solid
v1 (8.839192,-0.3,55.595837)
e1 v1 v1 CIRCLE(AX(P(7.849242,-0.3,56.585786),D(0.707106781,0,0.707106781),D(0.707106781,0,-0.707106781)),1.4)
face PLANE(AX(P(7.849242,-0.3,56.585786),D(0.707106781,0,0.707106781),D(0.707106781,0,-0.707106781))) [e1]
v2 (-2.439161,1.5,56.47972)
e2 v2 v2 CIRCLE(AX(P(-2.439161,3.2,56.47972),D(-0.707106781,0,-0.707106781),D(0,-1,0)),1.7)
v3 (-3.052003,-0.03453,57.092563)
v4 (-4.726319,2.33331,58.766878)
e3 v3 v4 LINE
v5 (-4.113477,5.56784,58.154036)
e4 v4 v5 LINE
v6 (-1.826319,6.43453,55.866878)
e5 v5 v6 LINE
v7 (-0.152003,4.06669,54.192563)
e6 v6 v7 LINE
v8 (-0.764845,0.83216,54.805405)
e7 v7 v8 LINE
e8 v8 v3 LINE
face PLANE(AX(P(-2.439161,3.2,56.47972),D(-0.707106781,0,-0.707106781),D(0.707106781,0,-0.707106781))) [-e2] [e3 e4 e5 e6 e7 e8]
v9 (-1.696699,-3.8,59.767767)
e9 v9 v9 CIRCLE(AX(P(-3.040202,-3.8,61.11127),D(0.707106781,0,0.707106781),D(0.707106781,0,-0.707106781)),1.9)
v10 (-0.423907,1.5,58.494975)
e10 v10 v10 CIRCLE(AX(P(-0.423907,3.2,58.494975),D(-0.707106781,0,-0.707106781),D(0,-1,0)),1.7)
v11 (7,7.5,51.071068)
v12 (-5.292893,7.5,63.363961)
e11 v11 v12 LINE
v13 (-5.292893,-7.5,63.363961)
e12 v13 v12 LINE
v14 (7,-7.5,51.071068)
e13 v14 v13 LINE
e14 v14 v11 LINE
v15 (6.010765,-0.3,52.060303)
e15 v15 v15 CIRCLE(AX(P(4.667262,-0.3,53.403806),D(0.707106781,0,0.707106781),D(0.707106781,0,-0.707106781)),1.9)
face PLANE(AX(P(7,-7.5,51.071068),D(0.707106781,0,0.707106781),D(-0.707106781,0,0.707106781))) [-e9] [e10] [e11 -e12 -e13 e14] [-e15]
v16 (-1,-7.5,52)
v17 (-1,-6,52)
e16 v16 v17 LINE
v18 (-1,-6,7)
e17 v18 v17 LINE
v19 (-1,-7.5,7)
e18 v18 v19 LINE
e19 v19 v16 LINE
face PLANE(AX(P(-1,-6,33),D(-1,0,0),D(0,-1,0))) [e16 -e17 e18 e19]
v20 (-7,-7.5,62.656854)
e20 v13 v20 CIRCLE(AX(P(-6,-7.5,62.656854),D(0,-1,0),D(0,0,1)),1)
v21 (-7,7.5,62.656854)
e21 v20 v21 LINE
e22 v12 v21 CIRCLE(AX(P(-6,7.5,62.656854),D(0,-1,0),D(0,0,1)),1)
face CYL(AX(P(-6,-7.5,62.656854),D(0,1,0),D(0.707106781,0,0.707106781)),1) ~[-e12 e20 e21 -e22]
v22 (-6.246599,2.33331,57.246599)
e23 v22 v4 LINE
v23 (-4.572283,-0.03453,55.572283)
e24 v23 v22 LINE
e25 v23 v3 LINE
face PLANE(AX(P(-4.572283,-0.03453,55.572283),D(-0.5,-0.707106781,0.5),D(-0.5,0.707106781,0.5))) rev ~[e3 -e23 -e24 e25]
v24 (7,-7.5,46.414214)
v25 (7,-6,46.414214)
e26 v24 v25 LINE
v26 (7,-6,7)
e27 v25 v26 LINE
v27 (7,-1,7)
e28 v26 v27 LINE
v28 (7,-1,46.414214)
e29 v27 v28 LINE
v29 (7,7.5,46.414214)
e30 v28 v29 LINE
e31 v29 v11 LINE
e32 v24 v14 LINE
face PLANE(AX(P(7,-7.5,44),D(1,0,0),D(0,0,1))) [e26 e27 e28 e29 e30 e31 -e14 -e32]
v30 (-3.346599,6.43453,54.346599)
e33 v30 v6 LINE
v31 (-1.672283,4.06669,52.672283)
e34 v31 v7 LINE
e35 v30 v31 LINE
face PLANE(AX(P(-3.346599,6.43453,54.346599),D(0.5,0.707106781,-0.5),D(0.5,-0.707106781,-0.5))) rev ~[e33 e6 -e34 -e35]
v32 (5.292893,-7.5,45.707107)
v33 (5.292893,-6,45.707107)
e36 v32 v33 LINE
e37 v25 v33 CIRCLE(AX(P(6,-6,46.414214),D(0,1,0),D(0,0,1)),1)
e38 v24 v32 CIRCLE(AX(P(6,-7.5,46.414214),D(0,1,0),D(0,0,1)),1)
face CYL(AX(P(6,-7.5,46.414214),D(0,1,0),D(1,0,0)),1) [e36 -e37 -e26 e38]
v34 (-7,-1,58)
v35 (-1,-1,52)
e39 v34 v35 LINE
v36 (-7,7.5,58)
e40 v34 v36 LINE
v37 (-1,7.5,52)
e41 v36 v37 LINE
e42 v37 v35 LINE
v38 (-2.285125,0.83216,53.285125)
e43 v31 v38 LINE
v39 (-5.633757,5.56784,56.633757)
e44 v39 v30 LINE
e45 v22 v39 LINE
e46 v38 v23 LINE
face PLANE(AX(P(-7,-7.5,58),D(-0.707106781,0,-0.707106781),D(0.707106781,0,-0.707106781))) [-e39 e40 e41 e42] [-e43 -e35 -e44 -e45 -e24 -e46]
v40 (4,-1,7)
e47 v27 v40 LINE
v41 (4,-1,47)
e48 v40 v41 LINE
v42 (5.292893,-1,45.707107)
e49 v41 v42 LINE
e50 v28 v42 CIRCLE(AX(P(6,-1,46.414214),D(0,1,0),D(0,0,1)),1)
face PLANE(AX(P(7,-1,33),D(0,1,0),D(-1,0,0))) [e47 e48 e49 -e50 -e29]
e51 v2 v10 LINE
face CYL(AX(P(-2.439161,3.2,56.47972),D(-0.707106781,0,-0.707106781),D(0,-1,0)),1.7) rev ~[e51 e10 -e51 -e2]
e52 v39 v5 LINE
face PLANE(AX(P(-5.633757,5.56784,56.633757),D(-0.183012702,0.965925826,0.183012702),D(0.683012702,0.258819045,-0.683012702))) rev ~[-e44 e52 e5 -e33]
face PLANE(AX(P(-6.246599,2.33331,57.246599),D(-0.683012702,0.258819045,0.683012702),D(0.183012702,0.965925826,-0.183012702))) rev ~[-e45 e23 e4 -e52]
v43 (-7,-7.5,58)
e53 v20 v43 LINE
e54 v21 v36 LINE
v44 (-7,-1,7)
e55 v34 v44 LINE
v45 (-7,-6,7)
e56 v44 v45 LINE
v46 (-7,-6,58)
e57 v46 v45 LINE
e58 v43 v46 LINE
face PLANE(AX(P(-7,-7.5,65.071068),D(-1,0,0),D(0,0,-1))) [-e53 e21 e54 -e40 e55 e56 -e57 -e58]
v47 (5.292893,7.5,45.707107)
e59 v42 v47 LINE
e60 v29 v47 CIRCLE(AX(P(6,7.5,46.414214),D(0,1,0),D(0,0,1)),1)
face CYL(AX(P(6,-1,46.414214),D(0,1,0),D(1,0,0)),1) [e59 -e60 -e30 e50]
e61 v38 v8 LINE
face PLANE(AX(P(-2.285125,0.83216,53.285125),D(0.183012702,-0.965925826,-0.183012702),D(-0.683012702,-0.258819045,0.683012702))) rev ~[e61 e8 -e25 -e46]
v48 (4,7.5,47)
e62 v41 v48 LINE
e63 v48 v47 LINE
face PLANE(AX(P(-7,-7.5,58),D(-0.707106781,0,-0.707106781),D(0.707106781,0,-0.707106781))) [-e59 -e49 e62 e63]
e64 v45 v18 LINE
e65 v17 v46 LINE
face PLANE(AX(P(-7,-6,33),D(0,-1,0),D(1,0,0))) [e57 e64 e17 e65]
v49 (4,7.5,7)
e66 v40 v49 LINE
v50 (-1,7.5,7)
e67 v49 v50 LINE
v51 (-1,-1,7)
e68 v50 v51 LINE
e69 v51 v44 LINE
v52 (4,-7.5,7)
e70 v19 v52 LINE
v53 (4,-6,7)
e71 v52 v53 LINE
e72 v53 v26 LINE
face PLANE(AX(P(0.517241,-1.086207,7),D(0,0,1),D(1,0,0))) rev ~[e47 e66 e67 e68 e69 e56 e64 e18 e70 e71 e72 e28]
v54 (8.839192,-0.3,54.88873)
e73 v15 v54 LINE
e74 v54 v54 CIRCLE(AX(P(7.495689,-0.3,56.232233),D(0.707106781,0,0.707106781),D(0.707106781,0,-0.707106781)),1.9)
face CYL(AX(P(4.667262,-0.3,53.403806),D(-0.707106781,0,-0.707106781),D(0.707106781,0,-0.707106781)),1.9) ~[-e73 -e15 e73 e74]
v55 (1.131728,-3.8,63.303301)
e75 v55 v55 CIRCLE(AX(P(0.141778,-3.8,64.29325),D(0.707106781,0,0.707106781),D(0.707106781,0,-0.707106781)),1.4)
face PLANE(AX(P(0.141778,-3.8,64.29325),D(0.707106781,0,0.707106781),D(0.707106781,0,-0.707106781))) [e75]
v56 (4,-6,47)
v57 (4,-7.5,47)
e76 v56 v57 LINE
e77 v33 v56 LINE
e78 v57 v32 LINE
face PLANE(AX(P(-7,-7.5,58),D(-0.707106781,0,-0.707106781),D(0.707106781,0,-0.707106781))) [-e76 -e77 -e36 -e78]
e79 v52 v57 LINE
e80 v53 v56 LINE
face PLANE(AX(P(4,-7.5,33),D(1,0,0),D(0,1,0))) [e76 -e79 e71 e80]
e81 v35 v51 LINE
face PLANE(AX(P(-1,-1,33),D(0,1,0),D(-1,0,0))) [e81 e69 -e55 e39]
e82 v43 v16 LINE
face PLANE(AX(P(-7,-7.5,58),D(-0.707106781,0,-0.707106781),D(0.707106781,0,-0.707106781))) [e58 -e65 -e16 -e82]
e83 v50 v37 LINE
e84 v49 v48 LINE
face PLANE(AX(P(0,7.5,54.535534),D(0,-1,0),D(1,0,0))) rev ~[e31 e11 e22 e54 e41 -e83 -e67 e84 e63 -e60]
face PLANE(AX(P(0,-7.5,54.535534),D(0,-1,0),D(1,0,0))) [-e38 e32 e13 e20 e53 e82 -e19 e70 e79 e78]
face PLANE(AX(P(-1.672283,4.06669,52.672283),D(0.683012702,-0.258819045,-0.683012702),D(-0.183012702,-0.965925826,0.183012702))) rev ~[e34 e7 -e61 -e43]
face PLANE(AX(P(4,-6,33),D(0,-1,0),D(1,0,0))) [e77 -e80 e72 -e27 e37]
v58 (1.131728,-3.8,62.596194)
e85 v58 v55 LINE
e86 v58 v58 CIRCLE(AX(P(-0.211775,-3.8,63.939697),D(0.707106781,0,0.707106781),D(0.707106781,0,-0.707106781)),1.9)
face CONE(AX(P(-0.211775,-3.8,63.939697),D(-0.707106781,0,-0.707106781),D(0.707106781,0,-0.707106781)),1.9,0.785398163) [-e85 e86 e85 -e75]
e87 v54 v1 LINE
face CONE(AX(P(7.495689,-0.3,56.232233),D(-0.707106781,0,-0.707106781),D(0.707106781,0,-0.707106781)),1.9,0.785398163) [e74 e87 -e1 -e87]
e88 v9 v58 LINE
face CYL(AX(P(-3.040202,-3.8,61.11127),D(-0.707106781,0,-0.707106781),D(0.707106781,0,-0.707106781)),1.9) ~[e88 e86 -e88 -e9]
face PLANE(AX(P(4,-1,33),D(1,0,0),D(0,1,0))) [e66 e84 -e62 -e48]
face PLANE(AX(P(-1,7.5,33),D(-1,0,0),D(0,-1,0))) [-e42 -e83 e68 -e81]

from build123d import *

# Parameters (mm, degrees)
PAD001_DEPTH         = 25
PAD001_DEPTH_BACK    = 26
POCKET004_DEPTH      = 7.501
POCKET004_DEPTH_BACK = 7.501
PAD002_DEPTH         = 15
POCKET005_DEPTH      = 2.15
SKETCH011_R          = 1.7
HOLE001_DEPTH        = 12.7504949366
SKETCH012_R          = 1.9
PAD003_DEPTH         = 4.5
CHAMFER_SIZE         = 0.5
FILLET001_R          = 1


with BuildPart() as part:
    # Sketch007 → Pad001 (new body, two sides)
    with BuildSketch(Plane.XY) as pad001_sk:
        Polygon((-7, -6), (-1, -6), (-1, -7.5), (4, -7.5), (4, -6), (7, -6), (7, -1), (4, -1), (4, 7.5), (-1, 7.5), (-1, -1), (-7, -1), align=None)
    extrude(amount=PAD001_DEPTH)
    extrude(pad001_sk.sketch, amount=-PAD001_DEPTH_BACK)

    # Sketch008 → Pocket004 (cut, two sides)
    with BuildSketch(Plane.XZ) as pocket004_sk:
        Polygon((-7, 25), (7, 11), (7, 25), align=None)
    extrude(amount=-POCKET004_DEPTH, mode=Mode.SUBTRACT)
    extrude(pocket004_sk.sketch, amount=POCKET004_DEPTH_BACK, mode=Mode.SUBTRACT)

    # Sketch009 (on Face8 of Pocket004) → Pad002 (join)
    with BuildSketch(Plane.XZ.offset(7.5)):
        Polygon((-7, 25), (7, 11), (7, 18.0710678119), (-7, 32.0710678119), align=None)
    extrude(amount=-PAD002_DEPTH)

    # Sketch010 (on Face12 of Pad002) → Pocket005 (cut)
    with BuildSketch(Plane(origin=(9, 0, 9), x_dir=(0.7071067812, 0, -0.7071067812), z_dir=(-0.7071067812, 0, -0.7071067812))):
        Polygon((-21.5619467058, -2.3333103769), (-20.6952570827, -5.5678400847), (-17.4607273749, -6.4345297078), (-15.0928872902, -4.0666896231), (-15.9595769133, -0.8321599153), (-19.1941066211, 0.0345297078), align=None)
    extrude(amount=-POCKET005_DEPTH, mode=Mode.SUBTRACT)

    # Sketch011 (on Face29 of Pocket005) → Hole001 (cut, through all)
    with BuildSketch(Plane(origin=(10.5202795796, 0, 10.5202795796), x_dir=(0, -1, 0), z_dir=(-0.7071067812, 0, -0.7071067812))):
        with Locations((-3.2, 18.327416998)):
            Circle(SKETCH011_R)
    extrude(amount=-HOLE001_DEPTH, mode=Mode.SUBTRACT)

    # Sketch012 (on Face9 of Hole001) → Pad003 (join)
    with BuildSketch(Plane(origin=(12.5355339059, 0, 12.5355339059), x_dir=(0.7071067812, 0, -0.7071067812), z_dir=(0.7071067812, 0, 0.7071067812))):
        with Locations((-22.027416998, -3.8)):
            Circle(SKETCH012_R)
        with Locations((-11.127416998, -0.3)):
            Circle(SKETCH012_R)
    extrude(amount=PAD003_DEPTH)

    # Chamfer
    chamfer_edges = [part.edges().sort_by_distance(p)[0] for p in [
        (-1.201724, -3.8, 32.636753),
        (6.50574, -0.3, 24.929289),
    ]]
    chamfer(chamfer_edges, length=CHAMFER_SIZE)

    # Fillet001
    fillet001_edges = [part.edges().sort_by_distance(p)[0] for p in [
        (-7, 0, 32.071068),
        (7, 3.25, 11),
        (7, -6.75, 11),
    ]]
    fillet(fillet001_edges, radius=FILLET001_R)


with BuildPart() as part_1:
    # Body001 placement: moved
    add(part.part.moved(Location((0, 0, 33))))


solid = part_1.part
